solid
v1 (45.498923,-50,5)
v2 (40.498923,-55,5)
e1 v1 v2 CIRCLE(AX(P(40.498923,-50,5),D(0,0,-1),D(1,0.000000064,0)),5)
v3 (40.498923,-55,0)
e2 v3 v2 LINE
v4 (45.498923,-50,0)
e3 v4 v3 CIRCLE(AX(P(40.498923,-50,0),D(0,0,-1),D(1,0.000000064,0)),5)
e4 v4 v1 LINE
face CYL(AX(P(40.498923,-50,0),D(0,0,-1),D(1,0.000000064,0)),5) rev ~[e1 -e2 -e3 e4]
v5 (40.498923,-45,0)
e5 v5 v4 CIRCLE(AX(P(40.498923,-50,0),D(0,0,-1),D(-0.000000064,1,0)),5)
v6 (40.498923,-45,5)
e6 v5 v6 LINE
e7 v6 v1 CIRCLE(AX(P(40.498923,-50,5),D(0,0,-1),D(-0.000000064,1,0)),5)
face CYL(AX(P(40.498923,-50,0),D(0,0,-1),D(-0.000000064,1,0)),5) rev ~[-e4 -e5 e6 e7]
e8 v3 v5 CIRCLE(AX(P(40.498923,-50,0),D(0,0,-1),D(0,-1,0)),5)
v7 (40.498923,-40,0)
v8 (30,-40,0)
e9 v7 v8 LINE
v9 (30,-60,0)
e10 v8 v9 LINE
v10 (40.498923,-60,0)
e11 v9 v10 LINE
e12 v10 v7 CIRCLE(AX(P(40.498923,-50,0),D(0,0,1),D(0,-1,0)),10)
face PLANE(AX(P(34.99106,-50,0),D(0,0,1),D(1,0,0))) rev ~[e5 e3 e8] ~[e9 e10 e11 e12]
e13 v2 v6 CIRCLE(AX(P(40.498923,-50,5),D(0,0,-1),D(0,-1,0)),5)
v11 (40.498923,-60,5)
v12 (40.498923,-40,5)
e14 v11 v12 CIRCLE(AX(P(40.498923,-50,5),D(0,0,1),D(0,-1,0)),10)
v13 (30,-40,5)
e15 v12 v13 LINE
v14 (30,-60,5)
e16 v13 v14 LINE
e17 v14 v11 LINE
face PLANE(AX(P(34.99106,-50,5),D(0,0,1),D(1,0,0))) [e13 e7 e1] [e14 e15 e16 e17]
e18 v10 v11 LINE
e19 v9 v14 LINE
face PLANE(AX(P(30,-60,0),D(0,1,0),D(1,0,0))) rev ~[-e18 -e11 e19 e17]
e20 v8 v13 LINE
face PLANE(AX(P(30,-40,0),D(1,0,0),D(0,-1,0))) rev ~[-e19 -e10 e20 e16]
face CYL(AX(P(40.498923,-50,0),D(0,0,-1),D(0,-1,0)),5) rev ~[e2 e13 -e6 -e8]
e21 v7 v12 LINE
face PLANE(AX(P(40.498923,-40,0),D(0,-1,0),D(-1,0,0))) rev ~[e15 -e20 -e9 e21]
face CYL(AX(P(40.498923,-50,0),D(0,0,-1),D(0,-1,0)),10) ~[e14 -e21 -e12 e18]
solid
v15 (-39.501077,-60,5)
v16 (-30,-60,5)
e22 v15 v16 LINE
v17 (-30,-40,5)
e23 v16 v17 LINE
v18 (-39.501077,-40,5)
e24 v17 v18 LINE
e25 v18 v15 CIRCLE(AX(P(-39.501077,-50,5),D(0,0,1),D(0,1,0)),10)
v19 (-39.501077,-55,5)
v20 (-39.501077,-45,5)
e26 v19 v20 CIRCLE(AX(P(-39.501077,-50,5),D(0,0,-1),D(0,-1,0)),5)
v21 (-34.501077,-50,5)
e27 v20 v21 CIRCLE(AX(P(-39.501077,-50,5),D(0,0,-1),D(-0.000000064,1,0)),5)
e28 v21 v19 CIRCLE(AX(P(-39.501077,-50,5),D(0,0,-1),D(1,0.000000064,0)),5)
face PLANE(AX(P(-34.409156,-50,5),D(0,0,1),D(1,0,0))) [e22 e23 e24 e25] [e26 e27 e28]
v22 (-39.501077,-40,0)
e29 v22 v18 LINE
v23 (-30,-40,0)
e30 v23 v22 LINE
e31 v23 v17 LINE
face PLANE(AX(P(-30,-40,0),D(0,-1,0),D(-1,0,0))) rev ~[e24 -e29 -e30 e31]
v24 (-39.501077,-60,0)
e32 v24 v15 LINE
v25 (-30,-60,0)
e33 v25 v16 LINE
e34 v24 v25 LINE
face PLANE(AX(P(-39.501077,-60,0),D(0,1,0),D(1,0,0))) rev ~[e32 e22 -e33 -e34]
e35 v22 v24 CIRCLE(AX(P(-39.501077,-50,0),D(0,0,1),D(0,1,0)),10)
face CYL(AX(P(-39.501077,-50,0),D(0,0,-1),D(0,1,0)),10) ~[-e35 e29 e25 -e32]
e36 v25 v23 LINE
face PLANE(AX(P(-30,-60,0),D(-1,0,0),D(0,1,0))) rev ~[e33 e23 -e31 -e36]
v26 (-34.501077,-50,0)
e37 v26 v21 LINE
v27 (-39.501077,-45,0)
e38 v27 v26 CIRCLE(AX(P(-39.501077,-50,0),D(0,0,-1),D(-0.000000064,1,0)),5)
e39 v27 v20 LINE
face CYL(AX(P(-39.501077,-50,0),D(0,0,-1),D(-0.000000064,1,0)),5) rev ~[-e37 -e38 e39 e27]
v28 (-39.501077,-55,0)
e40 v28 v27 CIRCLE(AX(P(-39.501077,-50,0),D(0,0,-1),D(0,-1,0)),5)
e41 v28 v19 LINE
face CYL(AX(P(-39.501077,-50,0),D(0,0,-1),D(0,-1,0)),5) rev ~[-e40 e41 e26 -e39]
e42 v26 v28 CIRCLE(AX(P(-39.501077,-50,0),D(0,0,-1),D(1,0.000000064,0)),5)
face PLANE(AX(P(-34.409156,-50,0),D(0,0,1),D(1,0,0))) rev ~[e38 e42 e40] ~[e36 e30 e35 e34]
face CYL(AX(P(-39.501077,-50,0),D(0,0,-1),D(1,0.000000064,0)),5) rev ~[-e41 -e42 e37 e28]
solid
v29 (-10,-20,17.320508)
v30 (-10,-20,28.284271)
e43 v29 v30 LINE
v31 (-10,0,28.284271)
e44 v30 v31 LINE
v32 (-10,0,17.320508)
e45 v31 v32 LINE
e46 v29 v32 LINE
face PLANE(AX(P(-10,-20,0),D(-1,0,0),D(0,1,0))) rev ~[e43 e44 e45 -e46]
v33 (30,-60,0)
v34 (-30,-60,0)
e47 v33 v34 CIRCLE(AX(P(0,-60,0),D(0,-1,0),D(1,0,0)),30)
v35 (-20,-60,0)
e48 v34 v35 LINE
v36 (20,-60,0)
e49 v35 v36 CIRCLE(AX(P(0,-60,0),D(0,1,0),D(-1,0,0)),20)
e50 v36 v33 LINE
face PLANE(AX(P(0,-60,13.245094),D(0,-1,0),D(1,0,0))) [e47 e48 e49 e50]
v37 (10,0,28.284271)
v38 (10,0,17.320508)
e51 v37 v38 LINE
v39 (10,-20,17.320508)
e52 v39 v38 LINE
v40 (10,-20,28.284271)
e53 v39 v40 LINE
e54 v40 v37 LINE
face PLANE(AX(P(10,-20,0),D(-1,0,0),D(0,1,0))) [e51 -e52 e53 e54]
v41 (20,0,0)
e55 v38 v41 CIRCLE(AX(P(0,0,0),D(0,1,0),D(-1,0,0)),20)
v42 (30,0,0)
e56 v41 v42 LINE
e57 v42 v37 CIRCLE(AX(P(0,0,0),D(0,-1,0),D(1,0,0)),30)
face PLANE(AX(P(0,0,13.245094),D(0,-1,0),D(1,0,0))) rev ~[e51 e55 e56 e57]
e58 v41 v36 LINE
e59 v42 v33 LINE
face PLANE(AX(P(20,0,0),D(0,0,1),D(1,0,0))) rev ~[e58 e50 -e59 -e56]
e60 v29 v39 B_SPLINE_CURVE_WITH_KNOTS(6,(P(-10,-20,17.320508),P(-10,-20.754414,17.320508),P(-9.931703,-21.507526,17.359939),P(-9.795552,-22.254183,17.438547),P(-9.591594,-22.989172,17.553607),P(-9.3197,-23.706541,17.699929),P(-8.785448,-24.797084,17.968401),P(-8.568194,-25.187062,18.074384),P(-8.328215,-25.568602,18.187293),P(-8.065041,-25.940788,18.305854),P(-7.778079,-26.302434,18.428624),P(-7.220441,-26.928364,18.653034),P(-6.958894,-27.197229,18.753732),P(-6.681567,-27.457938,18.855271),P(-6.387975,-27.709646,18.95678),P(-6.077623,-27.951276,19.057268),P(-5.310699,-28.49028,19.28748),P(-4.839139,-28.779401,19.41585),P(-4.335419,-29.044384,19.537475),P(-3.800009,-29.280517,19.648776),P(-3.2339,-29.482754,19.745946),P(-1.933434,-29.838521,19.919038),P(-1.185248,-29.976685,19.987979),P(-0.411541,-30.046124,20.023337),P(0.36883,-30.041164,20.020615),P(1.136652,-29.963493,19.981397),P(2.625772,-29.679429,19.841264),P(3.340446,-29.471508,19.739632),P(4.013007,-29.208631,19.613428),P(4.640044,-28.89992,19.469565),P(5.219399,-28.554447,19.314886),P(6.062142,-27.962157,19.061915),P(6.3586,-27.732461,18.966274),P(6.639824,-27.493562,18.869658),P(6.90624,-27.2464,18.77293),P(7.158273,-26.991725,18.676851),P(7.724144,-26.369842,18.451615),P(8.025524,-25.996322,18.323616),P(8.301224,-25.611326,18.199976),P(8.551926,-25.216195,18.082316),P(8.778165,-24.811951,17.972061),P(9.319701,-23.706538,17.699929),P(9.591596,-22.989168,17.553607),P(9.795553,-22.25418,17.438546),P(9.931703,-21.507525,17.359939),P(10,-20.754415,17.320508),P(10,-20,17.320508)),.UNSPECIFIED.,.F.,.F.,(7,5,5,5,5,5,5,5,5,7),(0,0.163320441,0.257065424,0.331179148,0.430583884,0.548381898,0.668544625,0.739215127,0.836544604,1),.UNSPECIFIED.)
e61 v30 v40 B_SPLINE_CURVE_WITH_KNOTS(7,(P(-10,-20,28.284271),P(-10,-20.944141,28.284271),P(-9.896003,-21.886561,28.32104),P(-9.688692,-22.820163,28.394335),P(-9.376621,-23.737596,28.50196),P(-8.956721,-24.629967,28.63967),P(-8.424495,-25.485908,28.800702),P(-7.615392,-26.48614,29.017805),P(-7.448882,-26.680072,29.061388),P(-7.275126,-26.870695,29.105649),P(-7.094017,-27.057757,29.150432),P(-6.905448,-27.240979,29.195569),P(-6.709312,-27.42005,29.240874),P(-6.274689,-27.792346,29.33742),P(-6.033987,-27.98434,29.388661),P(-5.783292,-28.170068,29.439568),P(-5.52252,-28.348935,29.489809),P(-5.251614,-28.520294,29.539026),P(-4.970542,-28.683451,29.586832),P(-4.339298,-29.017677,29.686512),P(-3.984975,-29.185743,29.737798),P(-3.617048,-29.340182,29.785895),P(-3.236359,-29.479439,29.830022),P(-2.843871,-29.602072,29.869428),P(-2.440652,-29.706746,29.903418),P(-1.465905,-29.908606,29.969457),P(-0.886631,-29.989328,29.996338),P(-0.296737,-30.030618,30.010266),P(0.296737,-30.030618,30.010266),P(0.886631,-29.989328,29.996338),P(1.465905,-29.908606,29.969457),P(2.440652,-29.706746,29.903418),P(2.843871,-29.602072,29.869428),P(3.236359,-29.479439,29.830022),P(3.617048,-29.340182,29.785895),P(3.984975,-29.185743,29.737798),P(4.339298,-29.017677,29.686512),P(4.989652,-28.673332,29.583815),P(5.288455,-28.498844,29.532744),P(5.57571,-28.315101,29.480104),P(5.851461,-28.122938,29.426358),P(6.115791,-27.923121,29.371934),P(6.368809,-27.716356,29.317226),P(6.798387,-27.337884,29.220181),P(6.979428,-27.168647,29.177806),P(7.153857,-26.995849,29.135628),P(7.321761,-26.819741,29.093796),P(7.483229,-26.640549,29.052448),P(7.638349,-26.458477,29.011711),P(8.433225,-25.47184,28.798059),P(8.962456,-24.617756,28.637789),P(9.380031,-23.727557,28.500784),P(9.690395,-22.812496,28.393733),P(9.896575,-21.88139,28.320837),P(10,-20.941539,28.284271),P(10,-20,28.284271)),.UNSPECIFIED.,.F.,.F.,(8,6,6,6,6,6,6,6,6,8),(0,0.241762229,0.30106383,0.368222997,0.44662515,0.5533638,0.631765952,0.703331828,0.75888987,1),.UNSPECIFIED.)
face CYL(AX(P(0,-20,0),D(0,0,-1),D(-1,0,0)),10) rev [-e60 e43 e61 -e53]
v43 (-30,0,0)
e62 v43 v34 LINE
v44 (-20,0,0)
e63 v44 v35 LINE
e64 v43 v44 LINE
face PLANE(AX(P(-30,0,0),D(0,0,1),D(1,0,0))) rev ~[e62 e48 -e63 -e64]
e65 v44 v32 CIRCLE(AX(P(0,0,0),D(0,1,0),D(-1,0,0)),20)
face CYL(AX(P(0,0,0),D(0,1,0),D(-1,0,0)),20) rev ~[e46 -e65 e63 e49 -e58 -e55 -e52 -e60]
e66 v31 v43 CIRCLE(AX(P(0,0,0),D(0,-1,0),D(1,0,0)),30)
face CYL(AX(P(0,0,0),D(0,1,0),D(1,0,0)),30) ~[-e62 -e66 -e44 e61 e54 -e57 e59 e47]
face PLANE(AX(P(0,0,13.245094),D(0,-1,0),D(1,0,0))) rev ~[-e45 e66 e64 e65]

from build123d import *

# Parameters (mm, degrees)
F1_DEPTH = 60
F2_W     = 20
F2_H     = 40
F3_DEPTH = 30.001
F5_DEPTH = 5


with BuildPart() as f1:
    # F0 (on Front) → F1 (new body)
    with BuildSketch(Plane.XZ):
        with BuildLine():
            Line((20, 0), (30, 0))
            ThreePointArc((30, 0), (0, 30), (-30, 0))
            Line((-30, 0), (-20, 0))
            ThreePointArc((-20, 0), (0, 20), (20, 0))
        make_face()
    extrude(amount=F1_DEPTH)

    # F2 (on Top) → F3 (cut, through all)
    with BuildSketch(Plane.XY):
        Rectangle(F2_W, F2_H)
        with BuildLine():
            Line((10, -20), (-10, -20))
            ThreePointArc((-10, -20), (0, -30), (10, -20))
        make_face()
    extrude(amount=F3_DEPTH, mode=Mode.SUBTRACT)


with BuildPart() as f5:
    # F4 (on Top) → F5 (new body)
    with BuildSketch(Plane.XY):
        with BuildLine():
            Line((-30, -40), (-39.501077, -40))
            Line((-39.501077, -40), (-39.501077, -45))
            ThreePointArc((-39.501077, -45), (-35.965543, -46.464466), (-34.501077, -50))
            ThreePointArc((-34.501077, -50), (-35.965543, -53.535534), (-39.501077, -55))
            Line((-39.501077, -55), (-39.501077, -60))
            Line((-39.501077, -60), (-30, -60))
            Line((-30, -60), (-30, -40))
        make_face()
        with BuildLine():
            Line((-39.501077, -45), (-39.501077, -40))
            ThreePointArc((-39.501077, -40), (-49.501077, -50), (-39.501077, -60))
            Line((-39.501077, -60), (-39.501077, -55))
            ThreePointArc((-39.501077, -55), (-44.501077, -50), (-39.501077, -45))
        make_face()
        with BuildLine():
            Line((40.498923, -45), (40.498923, -40))
            Line((40.498923, -40), (30, -40))
            Line((30, -40), (30, -60))
            Line((30, -60), (40.498923, -60))
            Line((40.498923, -60), (40.498923, -55))
            ThreePointArc((40.498923, -55), (35.498923, -50), (40.498923, -45))
        make_face()
        with BuildLine():
            ThreePointArc((40.498923, -60), (50.498923, -50), (40.498923, -40))
            Line((40.498923, -40), (40.498923, -45))
            ThreePointArc((40.498923, -45), (44.034457, -46.464466), (45.498923, -50))
            ThreePointArc((45.498923, -50), (44.034457, -53.535534), (40.498923, -55))
            Line((40.498923, -55), (40.498923, -60))
        make_face()
    extrude(amount=F5_DEPTH)


solid = Compound([f1.part, f5.part])
